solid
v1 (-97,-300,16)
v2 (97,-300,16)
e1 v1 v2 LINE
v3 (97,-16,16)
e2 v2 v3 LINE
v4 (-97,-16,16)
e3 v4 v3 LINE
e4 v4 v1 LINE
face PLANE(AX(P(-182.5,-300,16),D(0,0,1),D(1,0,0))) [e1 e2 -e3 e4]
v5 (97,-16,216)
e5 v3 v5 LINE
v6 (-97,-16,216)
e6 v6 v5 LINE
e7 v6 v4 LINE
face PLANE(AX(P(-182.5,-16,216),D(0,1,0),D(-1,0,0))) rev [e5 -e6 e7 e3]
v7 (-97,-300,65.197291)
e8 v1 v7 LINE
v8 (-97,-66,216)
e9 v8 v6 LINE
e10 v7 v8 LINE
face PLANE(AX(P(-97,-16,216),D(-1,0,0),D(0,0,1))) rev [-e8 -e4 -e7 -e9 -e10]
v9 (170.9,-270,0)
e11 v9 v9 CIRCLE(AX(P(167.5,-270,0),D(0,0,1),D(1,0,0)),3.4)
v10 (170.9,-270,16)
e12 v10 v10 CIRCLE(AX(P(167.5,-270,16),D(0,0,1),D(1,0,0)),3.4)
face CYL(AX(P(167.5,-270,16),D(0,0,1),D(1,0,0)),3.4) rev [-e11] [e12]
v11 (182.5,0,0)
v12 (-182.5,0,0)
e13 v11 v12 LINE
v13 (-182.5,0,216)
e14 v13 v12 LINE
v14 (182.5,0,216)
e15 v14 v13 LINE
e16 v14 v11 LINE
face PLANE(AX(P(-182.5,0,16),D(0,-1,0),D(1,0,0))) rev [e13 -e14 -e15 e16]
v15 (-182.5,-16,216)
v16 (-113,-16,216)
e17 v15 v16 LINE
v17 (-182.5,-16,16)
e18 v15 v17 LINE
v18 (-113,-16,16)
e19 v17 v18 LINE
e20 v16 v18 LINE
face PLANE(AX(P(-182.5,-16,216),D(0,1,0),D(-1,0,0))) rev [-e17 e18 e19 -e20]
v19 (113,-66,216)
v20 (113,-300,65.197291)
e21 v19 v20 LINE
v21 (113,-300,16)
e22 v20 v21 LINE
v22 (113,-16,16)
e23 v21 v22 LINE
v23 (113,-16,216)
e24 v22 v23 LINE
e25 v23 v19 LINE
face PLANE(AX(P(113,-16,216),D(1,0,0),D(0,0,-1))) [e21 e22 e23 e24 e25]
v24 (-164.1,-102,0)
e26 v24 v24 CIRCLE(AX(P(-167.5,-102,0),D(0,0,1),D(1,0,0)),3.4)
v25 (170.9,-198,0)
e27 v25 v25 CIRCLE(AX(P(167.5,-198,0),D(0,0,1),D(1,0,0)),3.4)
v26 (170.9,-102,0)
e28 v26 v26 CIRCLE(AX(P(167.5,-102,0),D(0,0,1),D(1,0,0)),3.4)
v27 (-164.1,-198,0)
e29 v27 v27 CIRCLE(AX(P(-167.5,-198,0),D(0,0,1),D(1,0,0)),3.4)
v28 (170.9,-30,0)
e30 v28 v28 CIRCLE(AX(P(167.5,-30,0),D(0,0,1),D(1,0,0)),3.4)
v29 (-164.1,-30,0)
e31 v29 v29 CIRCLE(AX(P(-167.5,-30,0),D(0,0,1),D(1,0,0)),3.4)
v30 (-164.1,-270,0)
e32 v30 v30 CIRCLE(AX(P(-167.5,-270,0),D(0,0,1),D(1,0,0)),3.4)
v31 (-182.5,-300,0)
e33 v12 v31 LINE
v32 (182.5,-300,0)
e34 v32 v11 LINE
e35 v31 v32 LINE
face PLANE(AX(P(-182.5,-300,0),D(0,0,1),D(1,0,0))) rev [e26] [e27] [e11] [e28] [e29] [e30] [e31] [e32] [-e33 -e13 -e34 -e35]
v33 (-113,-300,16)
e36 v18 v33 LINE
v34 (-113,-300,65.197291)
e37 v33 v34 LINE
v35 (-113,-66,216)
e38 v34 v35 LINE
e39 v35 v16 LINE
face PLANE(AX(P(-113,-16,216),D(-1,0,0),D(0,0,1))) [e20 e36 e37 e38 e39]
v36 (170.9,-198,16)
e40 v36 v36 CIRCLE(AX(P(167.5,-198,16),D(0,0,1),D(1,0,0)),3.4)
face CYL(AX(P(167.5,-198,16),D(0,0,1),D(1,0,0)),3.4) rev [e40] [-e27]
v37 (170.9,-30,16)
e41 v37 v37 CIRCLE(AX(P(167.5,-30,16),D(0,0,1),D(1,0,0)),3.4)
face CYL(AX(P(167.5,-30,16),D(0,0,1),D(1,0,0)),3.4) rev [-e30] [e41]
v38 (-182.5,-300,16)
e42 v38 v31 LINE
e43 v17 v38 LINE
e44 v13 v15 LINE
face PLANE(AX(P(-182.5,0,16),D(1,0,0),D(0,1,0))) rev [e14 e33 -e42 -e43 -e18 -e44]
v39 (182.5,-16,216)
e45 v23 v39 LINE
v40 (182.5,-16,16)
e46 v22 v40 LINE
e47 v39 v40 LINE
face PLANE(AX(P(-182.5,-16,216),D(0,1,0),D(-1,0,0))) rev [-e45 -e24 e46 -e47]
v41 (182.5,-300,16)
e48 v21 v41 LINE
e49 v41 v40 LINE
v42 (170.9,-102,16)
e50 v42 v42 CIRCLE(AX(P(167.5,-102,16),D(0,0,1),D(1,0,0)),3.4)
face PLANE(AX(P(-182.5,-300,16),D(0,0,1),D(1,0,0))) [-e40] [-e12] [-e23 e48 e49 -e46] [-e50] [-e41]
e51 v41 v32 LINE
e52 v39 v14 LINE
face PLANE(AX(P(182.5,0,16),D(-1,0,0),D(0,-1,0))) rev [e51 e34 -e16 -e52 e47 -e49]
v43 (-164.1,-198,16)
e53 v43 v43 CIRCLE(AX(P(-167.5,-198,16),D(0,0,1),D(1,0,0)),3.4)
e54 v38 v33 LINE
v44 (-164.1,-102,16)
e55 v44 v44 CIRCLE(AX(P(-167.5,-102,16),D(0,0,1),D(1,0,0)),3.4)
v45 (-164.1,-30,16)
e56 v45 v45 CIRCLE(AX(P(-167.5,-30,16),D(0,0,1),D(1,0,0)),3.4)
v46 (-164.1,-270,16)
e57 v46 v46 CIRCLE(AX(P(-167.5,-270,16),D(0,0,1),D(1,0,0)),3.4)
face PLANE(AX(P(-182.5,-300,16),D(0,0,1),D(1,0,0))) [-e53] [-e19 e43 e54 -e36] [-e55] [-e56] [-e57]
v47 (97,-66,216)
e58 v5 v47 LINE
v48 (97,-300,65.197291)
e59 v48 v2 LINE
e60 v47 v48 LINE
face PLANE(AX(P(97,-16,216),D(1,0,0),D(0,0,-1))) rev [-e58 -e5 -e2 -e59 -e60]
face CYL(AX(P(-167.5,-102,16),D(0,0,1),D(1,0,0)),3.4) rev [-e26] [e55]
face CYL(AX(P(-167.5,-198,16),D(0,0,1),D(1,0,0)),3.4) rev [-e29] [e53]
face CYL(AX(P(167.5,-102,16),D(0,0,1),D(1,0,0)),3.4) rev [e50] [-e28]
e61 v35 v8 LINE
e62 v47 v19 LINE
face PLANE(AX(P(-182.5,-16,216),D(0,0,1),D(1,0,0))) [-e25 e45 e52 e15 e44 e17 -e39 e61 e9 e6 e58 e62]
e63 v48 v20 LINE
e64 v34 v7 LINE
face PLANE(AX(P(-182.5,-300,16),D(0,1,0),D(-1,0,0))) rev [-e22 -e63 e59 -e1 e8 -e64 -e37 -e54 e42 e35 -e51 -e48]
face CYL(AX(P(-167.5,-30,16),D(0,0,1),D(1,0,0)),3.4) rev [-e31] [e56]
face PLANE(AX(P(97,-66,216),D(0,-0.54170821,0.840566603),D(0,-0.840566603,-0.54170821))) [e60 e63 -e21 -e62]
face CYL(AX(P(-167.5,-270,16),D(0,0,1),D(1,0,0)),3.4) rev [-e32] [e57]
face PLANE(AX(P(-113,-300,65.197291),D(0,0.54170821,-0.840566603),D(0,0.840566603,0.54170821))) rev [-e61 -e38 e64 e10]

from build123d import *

# Parameters (mm, degrees)
SKETCH1_W              = 365
SKETCH1_H              = 300
BOSS_EXTRUDE1_DEPTH    = 16
SKETCH2_W              = 365
SKETCH2_H              = 16
BOSS_EXTRUDE2_DEPTH    = 200
BOSS_EXTRUDE3_START    = -69.5
BOSS_EXTRUDE3_DEPTH    = 16
BOSS_EXTRUDE4_START    = 194
BOSS_EXTRUDE4_DEPTH    = 16
M8X1_25_TAPPED_HOLE1_D = 6.8
LPATTERN1_COUNT        = 2
LPATTERN1_PITCH        = 335


with BuildPart() as part:
    # Sketch1 → Boss-Extrude1 (new body)
    with BuildSketch(Plane.XY):
        with Locations((0, -150)):
            Rectangle(SKETCH1_W, SKETCH1_H)
    extrude(amount=BOSS_EXTRUDE1_DEPTH)

    # Sketch2 → Boss-Extrude2 (add)
    with BuildSketch(Plane.XY.offset(16)):
        with Locations((0, -8)):
            Rectangle(SKETCH2_W, SKETCH2_H)
    extrude(amount=BOSS_EXTRUDE2_DEPTH)

    # Sketch3 → Boss-Extrude3 (add)
    with BuildSketch(Plane(origin=(182.5, 0, 0), x_dir=(0, 0, -1), z_dir=(1, 0, 0)).offset(BOSS_EXTRUDE3_START)):
        Polygon((-216, -16), (-216, -66), (-65.197290638, -300), (-16, -300), (-16, -16), align=None)
    extrude(amount=-BOSS_EXTRUDE3_DEPTH)

    # Sketch4 → Boss-Extrude4 (add)
    with BuildSketch(Plane.ZY.offset(-97).offset(BOSS_EXTRUDE4_START)):
        Polygon((216, -16), (16, -16), (16, -300), (65.197290638, -300), (216, -66), align=None)
    extrude(amount=BOSS_EXTRUDE4_DEPTH)

    # M8x1.25 Tapped Hole1 (through all)
    with Locations(Plane.XY.offset(16)):
        with Locations((167.5, -30), (167.5, -270), (167.5, -198), (167.5, -102)):
            m8x1_25_tapped_hole1 = Hole(M8X1_25_TAPPED_HOLE1_D / 2)

    # LPattern1: M8x1.25 Tapped Hole1 ×2
    with Locations(*[(-i * LPATTERN1_PITCH, 0, 0) for i in range(1, LPATTERN1_COUNT)]):
        add(m8x1_25_tapped_hole1, mode=Mode.SUBTRACT)


solid = part.part
